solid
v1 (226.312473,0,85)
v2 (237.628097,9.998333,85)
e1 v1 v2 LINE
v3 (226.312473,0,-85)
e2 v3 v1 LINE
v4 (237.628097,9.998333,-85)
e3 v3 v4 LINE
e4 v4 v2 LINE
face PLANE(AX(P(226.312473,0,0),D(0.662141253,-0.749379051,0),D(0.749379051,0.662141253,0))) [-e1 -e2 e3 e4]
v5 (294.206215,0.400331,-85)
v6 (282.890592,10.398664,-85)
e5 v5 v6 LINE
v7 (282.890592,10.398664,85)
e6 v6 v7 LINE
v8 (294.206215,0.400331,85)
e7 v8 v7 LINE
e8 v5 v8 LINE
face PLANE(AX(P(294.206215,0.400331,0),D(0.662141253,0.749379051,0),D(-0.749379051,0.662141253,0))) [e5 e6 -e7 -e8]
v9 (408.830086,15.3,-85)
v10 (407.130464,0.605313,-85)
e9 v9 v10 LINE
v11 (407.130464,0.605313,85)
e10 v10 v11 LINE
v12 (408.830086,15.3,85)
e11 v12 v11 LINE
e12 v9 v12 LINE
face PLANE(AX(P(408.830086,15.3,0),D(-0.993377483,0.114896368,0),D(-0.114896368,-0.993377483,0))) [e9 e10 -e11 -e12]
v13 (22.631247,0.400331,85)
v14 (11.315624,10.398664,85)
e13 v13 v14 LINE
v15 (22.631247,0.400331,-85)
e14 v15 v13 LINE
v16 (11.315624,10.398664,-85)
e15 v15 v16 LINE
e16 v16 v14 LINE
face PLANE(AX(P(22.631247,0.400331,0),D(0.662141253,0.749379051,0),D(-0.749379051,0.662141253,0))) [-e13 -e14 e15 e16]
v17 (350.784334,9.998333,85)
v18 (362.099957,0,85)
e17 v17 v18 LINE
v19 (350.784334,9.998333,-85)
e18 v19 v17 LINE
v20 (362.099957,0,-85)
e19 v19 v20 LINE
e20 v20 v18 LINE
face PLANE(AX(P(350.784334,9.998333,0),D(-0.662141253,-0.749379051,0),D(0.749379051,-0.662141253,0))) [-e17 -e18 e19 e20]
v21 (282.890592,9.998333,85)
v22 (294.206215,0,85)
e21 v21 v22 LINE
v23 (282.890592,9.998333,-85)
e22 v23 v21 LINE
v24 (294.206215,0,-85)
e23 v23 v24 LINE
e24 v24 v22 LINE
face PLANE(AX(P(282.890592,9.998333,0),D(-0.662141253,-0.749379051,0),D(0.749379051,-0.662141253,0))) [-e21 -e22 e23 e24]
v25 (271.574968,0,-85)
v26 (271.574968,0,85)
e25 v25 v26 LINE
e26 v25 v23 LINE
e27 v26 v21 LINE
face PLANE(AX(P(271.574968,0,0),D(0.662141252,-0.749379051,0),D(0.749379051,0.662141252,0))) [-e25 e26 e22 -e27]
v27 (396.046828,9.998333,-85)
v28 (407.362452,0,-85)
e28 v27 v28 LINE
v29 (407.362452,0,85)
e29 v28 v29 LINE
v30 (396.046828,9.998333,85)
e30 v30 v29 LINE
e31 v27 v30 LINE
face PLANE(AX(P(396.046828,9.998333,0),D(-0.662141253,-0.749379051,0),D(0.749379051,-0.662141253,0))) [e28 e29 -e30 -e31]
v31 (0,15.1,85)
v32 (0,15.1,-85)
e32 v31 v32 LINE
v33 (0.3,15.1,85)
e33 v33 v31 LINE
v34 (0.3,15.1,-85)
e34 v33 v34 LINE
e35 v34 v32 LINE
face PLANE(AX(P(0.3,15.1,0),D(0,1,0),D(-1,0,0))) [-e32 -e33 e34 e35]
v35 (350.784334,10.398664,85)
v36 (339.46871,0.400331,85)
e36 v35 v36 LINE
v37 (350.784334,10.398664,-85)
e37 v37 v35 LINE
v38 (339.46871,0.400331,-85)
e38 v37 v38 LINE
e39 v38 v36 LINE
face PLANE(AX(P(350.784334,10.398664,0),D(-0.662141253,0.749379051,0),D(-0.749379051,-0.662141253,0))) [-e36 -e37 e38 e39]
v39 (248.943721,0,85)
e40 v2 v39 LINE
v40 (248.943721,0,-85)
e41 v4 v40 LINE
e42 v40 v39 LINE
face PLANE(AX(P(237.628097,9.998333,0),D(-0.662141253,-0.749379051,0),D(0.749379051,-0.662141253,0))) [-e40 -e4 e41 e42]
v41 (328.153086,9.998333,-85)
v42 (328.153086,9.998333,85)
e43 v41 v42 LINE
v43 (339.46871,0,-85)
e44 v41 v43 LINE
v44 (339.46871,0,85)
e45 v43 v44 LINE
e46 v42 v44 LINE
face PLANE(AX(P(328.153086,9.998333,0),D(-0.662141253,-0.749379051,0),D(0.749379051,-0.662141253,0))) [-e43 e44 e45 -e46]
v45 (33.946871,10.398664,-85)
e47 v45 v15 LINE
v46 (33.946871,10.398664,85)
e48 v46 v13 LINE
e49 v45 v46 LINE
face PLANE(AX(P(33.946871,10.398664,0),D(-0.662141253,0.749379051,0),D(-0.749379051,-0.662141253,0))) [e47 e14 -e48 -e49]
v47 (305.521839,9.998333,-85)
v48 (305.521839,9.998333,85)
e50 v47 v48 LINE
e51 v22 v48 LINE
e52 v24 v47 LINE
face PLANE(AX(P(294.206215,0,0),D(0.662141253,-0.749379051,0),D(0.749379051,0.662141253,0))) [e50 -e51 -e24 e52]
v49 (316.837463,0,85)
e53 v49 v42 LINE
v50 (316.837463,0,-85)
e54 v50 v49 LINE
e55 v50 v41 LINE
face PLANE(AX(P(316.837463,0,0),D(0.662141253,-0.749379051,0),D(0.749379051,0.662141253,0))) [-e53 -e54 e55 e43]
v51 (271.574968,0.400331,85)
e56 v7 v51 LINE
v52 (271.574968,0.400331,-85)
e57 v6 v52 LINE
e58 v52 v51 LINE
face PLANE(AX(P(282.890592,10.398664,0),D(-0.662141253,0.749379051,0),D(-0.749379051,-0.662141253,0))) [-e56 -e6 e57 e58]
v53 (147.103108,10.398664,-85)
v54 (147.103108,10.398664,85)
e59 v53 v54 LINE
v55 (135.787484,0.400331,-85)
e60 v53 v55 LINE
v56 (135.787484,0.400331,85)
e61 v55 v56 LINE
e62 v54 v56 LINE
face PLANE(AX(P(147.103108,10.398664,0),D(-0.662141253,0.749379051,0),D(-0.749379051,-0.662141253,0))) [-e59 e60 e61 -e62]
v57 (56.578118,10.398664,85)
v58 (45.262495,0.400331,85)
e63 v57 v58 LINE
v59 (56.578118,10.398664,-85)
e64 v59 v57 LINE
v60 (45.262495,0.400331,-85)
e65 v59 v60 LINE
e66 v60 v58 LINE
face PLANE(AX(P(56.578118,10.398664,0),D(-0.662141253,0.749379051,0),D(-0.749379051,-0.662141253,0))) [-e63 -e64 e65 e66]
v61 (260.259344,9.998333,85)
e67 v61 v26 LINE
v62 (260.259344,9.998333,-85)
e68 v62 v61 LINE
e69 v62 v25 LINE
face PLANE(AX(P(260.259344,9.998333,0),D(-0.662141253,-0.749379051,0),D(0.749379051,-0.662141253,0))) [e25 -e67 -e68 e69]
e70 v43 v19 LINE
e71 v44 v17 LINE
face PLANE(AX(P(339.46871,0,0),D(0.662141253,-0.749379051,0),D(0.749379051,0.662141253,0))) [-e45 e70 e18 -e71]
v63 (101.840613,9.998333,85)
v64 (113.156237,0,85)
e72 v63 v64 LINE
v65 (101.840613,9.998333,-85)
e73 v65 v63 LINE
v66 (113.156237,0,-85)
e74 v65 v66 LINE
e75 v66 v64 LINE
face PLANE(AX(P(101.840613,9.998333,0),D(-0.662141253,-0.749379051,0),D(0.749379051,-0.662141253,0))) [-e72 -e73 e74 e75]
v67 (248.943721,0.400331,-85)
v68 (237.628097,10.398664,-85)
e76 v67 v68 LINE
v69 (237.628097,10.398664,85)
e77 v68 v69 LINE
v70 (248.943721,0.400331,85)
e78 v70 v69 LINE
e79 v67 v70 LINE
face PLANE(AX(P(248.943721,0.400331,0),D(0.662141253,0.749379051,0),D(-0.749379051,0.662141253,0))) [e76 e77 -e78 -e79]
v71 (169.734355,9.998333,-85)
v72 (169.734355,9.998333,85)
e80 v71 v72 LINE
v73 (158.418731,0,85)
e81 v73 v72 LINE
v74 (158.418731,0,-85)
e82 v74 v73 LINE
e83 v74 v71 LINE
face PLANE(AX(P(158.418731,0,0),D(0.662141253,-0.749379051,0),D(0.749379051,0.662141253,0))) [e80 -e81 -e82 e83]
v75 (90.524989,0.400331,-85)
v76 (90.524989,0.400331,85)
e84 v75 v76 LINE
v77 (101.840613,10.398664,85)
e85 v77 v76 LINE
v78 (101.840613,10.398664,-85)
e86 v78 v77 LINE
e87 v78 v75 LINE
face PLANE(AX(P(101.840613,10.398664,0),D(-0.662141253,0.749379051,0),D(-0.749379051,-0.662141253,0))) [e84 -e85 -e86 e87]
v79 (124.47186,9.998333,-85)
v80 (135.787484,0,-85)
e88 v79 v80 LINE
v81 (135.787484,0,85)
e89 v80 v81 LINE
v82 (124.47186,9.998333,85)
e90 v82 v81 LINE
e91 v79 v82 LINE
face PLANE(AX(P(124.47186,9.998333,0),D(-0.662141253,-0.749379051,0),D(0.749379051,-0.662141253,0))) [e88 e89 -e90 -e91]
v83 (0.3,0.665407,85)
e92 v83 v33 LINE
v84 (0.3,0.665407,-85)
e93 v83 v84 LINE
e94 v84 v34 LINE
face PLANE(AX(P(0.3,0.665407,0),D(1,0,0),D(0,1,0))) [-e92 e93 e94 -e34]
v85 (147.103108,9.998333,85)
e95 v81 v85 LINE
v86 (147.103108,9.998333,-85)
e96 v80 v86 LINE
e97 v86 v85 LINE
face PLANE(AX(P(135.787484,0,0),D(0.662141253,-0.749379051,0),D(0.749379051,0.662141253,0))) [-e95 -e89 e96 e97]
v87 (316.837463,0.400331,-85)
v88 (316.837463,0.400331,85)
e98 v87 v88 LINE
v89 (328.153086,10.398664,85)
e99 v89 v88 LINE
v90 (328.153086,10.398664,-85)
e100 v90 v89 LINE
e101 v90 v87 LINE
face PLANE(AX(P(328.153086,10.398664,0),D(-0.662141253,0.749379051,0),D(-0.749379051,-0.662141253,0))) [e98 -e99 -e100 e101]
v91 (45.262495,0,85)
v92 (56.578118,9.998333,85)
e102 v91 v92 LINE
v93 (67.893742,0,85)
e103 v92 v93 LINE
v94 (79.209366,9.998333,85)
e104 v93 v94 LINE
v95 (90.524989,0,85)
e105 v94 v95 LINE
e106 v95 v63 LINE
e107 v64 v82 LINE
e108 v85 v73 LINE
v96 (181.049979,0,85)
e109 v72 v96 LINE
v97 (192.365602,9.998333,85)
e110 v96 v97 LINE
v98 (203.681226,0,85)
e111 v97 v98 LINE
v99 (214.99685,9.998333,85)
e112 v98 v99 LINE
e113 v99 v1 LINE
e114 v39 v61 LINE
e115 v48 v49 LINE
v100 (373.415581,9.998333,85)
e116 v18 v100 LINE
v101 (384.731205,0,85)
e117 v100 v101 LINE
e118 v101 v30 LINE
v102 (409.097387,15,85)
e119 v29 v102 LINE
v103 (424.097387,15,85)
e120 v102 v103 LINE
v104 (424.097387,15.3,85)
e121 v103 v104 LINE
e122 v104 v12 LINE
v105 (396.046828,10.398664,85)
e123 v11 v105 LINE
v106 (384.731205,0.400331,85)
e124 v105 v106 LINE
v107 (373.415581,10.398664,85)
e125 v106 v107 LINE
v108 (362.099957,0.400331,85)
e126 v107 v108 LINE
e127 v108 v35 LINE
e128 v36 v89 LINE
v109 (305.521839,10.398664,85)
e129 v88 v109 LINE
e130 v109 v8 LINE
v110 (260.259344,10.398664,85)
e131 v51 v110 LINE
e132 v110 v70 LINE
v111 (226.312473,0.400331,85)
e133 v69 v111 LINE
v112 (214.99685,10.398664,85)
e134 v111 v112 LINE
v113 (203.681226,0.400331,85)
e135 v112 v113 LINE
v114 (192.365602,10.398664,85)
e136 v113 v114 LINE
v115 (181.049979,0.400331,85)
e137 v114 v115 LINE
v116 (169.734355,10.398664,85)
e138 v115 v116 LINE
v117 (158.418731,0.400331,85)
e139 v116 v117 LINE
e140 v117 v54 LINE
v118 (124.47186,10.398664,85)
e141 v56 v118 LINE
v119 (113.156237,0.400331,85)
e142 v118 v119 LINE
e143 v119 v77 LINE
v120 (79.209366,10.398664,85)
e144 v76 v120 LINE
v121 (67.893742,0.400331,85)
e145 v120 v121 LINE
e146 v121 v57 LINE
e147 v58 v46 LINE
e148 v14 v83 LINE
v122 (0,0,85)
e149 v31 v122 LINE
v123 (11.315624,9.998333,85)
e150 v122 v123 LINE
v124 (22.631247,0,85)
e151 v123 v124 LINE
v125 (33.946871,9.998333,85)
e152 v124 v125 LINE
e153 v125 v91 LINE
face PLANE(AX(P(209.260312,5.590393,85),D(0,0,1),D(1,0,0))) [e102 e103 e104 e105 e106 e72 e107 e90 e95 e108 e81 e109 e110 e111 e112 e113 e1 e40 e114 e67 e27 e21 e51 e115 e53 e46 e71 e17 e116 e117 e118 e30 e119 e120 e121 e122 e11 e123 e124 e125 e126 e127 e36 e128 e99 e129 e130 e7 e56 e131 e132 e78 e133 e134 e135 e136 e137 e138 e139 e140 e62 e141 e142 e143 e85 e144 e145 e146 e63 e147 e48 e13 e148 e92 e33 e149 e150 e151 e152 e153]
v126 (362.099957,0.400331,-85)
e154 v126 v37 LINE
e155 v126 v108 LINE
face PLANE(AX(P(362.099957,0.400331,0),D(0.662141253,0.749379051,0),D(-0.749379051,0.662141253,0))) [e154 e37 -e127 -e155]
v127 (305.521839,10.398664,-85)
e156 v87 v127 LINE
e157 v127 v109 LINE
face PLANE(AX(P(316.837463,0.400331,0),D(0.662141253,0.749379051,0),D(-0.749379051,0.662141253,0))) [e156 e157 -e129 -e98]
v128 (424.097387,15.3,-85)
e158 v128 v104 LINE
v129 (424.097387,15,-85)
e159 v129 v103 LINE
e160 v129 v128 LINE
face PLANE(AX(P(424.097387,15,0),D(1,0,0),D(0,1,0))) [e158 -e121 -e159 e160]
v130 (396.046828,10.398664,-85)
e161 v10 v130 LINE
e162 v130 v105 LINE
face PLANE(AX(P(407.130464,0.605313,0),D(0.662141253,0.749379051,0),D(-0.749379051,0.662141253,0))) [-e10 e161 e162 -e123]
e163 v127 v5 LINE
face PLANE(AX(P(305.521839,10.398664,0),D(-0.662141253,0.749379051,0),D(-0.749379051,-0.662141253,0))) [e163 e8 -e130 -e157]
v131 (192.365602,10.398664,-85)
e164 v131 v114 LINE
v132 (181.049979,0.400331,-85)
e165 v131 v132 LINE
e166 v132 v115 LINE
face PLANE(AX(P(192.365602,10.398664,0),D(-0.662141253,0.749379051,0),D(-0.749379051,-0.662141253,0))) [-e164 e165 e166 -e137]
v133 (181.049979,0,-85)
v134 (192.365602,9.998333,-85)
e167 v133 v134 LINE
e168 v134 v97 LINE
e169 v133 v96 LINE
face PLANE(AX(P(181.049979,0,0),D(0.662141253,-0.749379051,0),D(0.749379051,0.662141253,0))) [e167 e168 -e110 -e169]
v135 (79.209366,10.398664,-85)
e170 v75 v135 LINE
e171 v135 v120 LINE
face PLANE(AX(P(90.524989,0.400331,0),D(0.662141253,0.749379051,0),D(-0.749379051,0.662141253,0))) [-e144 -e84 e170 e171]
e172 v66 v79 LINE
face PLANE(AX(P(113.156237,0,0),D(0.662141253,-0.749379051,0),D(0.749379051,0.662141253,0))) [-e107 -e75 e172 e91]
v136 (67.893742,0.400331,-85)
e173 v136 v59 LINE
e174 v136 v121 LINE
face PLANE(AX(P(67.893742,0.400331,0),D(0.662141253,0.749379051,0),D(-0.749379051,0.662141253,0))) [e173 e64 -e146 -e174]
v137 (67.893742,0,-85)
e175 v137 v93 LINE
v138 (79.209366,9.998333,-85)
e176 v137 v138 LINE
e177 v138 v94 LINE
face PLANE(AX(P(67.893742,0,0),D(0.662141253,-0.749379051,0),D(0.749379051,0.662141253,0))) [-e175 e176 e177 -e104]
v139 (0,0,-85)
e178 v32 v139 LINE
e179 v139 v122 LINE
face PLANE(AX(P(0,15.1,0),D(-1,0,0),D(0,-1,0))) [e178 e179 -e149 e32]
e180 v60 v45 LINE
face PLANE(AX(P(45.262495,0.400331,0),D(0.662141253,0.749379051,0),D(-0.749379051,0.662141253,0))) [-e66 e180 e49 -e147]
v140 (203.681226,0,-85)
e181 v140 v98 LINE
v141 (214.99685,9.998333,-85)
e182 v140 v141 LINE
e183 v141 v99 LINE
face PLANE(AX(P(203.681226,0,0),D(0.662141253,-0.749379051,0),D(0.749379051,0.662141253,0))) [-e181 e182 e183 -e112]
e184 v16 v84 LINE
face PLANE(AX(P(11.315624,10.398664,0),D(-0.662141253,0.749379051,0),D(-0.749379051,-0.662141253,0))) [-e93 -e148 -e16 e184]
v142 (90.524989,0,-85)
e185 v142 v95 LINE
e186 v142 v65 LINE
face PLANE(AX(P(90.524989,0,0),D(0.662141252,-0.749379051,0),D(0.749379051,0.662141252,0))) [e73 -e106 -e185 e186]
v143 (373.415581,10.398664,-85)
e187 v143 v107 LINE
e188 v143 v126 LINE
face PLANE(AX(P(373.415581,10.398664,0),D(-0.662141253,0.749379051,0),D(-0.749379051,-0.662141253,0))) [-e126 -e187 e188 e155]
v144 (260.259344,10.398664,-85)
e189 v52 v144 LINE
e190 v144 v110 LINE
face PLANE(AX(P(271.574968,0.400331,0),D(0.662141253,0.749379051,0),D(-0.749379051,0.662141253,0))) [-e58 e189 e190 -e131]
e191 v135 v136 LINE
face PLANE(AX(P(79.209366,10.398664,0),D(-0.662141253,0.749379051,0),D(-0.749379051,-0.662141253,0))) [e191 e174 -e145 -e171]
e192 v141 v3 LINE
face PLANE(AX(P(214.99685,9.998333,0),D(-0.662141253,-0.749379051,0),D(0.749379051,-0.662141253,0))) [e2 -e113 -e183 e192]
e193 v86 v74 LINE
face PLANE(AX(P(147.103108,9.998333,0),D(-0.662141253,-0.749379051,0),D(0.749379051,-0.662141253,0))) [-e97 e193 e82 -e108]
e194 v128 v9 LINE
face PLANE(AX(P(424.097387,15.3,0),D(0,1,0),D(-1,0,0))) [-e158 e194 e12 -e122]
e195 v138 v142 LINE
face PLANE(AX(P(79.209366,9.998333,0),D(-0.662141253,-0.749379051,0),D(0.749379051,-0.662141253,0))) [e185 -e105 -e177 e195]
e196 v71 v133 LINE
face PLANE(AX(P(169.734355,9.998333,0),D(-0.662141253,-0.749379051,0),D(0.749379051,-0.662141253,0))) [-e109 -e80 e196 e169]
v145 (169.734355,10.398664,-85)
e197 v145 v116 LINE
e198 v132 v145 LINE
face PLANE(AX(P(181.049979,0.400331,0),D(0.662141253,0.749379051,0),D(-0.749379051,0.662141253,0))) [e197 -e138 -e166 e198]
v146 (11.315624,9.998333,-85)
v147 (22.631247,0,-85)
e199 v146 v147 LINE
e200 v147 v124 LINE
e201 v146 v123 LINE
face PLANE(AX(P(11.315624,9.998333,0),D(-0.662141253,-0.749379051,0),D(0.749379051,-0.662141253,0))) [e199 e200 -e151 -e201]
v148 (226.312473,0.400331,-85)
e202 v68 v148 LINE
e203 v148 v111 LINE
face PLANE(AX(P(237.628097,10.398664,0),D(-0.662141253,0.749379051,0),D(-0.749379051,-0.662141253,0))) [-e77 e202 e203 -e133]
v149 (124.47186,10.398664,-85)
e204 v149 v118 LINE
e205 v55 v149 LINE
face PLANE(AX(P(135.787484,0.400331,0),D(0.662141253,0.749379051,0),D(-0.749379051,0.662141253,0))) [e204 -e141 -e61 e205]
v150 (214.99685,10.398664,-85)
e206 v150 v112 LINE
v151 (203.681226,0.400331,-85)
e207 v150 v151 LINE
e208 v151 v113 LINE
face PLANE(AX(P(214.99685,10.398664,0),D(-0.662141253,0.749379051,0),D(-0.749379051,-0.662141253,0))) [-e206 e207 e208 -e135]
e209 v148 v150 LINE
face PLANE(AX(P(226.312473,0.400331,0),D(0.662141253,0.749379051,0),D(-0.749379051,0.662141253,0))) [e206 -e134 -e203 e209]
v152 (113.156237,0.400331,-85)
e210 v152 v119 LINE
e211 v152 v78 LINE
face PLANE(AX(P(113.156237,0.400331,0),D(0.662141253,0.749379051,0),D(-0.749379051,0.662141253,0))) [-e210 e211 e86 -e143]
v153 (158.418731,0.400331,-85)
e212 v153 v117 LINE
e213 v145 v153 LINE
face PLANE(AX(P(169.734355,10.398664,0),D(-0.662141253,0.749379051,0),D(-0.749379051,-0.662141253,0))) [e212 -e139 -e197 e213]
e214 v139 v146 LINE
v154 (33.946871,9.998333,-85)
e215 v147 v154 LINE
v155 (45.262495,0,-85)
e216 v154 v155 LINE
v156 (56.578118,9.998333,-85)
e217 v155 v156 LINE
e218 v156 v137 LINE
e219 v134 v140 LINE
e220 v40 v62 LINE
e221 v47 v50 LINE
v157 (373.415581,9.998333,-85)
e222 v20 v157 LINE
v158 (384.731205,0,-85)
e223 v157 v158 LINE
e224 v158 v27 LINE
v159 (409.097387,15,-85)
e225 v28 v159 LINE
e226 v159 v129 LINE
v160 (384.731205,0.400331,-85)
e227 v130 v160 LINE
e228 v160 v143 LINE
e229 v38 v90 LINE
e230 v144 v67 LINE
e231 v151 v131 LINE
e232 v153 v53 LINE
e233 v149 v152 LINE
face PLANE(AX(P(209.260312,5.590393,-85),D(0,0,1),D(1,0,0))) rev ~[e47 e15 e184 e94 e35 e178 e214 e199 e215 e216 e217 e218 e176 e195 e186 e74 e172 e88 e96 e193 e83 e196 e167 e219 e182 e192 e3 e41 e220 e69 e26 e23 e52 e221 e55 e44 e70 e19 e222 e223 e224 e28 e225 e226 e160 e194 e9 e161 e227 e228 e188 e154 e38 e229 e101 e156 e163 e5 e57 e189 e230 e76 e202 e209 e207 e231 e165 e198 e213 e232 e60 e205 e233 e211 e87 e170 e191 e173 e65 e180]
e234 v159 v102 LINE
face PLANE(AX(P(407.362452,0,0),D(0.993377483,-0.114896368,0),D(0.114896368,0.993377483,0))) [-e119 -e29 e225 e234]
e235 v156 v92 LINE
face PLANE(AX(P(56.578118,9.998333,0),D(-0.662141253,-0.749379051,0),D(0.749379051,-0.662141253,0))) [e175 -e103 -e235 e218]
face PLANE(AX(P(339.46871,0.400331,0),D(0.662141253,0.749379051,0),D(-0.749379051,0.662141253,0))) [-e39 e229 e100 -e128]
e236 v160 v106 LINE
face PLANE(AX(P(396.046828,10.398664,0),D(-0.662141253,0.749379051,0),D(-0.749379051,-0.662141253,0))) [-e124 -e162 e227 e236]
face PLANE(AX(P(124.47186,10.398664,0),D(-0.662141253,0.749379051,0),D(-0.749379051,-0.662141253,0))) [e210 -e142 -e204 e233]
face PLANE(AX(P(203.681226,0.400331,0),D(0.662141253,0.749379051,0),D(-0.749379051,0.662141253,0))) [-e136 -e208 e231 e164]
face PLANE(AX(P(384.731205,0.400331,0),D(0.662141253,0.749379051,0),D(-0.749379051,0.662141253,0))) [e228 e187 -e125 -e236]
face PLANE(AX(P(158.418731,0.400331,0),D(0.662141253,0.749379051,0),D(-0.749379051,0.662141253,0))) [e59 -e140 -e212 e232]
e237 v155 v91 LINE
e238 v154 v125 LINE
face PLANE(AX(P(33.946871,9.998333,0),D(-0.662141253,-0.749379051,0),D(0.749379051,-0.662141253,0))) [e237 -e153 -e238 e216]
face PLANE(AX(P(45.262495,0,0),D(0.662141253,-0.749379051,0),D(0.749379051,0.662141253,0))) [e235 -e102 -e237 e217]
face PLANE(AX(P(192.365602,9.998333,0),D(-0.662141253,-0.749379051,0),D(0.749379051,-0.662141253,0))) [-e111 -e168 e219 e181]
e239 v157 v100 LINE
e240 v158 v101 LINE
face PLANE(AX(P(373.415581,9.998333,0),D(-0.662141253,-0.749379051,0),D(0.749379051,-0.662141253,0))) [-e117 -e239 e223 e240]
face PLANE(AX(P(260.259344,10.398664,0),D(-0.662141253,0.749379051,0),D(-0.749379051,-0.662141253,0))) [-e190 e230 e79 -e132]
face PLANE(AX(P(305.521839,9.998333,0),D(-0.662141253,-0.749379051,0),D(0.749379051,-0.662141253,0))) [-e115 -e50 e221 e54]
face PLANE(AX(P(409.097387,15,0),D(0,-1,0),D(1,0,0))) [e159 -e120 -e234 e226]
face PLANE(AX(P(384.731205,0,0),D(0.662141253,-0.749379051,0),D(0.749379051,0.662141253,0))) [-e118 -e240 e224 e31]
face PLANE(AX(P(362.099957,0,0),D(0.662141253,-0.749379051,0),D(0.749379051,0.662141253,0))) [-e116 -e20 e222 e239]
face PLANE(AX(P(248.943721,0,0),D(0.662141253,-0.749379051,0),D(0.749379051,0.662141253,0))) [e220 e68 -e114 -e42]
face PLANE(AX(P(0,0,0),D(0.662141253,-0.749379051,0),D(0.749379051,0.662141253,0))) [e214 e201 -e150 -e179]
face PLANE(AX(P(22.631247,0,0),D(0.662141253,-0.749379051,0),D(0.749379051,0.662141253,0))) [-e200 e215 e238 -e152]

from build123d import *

# Parameters (mm, degrees)
EXTRUDE_THIN1_DEPTH = 85


with BuildPart() as part:
    # Sketch1 → Extrude-Thin1 (new, symmetric)
    with BuildSketch(Plane.XY):
        Polygon((0, 15.1), (0, 0), (11.315623666, 9.998332913), (22.631247332, 0), (33.946870998, 9.998332913), (45.262494664, 0), (56.57811833, 9.998332913), (67.893741996, 0), (79.209365662, 9.998332913), (90.524989328, 0), (101.840612995, 9.998332913), (113.156236661, 0), (124.471860327, 9.998332913), (135.787483993, 0), (147.103107659, 9.998332913), (158.418731325, 0), (169.734354991, 9.998332913), (181.049978657, 0), (192.365602323, 9.998332913), (203.681225989, 0), (214.996849655, 9.998332913), (226.312473321, 0), (237.628096987, 9.998332913), (248.943720653, 0), (260.259344319, 9.998332913), (271.574967985, 0), (282.890591652, 9.998332913), (294.206215318, 0), (305.521838984, 9.998332913), (316.83746265, 0), (328.153086316, 9.998332913), (339.468709982, 0), (350.784333648, 9.998332913), (362.099957314, 0), (373.41558098, 9.998332913), (384.731204646, 0), (396.046828312, 9.998332913), (407.362451978, 0), (409.097387136, 15), (424.097387136, 15), (424.097387136, 15.3), (408.830085839, 15.3), (407.130463898, 0.605312996), (396.046828312, 10.398664361), (384.731204646, 0.400331447), (373.41558098, 10.398664361), (362.099957314, 0.400331447), (350.784333648, 10.398664361), (339.468709982, 0.400331447), (328.153086316, 10.398664361), (316.83746265, 0.400331447), (305.521838984, 10.398664361), (294.206215318, 0.400331447), (282.890591652, 10.398664361), (271.574967985, 0.400331447), (260.259344319, 10.398664361), (248.943720653, 0.400331447), (237.628096987, 10.398664361), (226.312473321, 0.400331447), (214.996849655, 10.398664361), (203.681225989, 0.400331447), (192.365602323, 10.398664361), (181.049978657, 0.400331447), (169.734354991, 10.398664361), (158.418731325, 0.400331447), (147.103107659, 10.398664361), (135.787483993, 0.400331447), (124.471860327, 10.398664361), (113.156236661, 0.400331447), (101.840612995, 10.398664361), (90.524989328, 0.400331447), (79.209365662, 10.398664361), (67.893741996, 0.400331447), (56.57811833, 10.398664361), (45.262494664, 0.400331447), (33.946870998, 10.398664361), (22.631247332, 0.400331447), (11.315623666, 10.398664361), (0.3, 0.665407413), (0.3, 15.1), align=None)
    extrude(amount=EXTRUDE_THIN1_DEPTH, both=True)


solid = part.part
